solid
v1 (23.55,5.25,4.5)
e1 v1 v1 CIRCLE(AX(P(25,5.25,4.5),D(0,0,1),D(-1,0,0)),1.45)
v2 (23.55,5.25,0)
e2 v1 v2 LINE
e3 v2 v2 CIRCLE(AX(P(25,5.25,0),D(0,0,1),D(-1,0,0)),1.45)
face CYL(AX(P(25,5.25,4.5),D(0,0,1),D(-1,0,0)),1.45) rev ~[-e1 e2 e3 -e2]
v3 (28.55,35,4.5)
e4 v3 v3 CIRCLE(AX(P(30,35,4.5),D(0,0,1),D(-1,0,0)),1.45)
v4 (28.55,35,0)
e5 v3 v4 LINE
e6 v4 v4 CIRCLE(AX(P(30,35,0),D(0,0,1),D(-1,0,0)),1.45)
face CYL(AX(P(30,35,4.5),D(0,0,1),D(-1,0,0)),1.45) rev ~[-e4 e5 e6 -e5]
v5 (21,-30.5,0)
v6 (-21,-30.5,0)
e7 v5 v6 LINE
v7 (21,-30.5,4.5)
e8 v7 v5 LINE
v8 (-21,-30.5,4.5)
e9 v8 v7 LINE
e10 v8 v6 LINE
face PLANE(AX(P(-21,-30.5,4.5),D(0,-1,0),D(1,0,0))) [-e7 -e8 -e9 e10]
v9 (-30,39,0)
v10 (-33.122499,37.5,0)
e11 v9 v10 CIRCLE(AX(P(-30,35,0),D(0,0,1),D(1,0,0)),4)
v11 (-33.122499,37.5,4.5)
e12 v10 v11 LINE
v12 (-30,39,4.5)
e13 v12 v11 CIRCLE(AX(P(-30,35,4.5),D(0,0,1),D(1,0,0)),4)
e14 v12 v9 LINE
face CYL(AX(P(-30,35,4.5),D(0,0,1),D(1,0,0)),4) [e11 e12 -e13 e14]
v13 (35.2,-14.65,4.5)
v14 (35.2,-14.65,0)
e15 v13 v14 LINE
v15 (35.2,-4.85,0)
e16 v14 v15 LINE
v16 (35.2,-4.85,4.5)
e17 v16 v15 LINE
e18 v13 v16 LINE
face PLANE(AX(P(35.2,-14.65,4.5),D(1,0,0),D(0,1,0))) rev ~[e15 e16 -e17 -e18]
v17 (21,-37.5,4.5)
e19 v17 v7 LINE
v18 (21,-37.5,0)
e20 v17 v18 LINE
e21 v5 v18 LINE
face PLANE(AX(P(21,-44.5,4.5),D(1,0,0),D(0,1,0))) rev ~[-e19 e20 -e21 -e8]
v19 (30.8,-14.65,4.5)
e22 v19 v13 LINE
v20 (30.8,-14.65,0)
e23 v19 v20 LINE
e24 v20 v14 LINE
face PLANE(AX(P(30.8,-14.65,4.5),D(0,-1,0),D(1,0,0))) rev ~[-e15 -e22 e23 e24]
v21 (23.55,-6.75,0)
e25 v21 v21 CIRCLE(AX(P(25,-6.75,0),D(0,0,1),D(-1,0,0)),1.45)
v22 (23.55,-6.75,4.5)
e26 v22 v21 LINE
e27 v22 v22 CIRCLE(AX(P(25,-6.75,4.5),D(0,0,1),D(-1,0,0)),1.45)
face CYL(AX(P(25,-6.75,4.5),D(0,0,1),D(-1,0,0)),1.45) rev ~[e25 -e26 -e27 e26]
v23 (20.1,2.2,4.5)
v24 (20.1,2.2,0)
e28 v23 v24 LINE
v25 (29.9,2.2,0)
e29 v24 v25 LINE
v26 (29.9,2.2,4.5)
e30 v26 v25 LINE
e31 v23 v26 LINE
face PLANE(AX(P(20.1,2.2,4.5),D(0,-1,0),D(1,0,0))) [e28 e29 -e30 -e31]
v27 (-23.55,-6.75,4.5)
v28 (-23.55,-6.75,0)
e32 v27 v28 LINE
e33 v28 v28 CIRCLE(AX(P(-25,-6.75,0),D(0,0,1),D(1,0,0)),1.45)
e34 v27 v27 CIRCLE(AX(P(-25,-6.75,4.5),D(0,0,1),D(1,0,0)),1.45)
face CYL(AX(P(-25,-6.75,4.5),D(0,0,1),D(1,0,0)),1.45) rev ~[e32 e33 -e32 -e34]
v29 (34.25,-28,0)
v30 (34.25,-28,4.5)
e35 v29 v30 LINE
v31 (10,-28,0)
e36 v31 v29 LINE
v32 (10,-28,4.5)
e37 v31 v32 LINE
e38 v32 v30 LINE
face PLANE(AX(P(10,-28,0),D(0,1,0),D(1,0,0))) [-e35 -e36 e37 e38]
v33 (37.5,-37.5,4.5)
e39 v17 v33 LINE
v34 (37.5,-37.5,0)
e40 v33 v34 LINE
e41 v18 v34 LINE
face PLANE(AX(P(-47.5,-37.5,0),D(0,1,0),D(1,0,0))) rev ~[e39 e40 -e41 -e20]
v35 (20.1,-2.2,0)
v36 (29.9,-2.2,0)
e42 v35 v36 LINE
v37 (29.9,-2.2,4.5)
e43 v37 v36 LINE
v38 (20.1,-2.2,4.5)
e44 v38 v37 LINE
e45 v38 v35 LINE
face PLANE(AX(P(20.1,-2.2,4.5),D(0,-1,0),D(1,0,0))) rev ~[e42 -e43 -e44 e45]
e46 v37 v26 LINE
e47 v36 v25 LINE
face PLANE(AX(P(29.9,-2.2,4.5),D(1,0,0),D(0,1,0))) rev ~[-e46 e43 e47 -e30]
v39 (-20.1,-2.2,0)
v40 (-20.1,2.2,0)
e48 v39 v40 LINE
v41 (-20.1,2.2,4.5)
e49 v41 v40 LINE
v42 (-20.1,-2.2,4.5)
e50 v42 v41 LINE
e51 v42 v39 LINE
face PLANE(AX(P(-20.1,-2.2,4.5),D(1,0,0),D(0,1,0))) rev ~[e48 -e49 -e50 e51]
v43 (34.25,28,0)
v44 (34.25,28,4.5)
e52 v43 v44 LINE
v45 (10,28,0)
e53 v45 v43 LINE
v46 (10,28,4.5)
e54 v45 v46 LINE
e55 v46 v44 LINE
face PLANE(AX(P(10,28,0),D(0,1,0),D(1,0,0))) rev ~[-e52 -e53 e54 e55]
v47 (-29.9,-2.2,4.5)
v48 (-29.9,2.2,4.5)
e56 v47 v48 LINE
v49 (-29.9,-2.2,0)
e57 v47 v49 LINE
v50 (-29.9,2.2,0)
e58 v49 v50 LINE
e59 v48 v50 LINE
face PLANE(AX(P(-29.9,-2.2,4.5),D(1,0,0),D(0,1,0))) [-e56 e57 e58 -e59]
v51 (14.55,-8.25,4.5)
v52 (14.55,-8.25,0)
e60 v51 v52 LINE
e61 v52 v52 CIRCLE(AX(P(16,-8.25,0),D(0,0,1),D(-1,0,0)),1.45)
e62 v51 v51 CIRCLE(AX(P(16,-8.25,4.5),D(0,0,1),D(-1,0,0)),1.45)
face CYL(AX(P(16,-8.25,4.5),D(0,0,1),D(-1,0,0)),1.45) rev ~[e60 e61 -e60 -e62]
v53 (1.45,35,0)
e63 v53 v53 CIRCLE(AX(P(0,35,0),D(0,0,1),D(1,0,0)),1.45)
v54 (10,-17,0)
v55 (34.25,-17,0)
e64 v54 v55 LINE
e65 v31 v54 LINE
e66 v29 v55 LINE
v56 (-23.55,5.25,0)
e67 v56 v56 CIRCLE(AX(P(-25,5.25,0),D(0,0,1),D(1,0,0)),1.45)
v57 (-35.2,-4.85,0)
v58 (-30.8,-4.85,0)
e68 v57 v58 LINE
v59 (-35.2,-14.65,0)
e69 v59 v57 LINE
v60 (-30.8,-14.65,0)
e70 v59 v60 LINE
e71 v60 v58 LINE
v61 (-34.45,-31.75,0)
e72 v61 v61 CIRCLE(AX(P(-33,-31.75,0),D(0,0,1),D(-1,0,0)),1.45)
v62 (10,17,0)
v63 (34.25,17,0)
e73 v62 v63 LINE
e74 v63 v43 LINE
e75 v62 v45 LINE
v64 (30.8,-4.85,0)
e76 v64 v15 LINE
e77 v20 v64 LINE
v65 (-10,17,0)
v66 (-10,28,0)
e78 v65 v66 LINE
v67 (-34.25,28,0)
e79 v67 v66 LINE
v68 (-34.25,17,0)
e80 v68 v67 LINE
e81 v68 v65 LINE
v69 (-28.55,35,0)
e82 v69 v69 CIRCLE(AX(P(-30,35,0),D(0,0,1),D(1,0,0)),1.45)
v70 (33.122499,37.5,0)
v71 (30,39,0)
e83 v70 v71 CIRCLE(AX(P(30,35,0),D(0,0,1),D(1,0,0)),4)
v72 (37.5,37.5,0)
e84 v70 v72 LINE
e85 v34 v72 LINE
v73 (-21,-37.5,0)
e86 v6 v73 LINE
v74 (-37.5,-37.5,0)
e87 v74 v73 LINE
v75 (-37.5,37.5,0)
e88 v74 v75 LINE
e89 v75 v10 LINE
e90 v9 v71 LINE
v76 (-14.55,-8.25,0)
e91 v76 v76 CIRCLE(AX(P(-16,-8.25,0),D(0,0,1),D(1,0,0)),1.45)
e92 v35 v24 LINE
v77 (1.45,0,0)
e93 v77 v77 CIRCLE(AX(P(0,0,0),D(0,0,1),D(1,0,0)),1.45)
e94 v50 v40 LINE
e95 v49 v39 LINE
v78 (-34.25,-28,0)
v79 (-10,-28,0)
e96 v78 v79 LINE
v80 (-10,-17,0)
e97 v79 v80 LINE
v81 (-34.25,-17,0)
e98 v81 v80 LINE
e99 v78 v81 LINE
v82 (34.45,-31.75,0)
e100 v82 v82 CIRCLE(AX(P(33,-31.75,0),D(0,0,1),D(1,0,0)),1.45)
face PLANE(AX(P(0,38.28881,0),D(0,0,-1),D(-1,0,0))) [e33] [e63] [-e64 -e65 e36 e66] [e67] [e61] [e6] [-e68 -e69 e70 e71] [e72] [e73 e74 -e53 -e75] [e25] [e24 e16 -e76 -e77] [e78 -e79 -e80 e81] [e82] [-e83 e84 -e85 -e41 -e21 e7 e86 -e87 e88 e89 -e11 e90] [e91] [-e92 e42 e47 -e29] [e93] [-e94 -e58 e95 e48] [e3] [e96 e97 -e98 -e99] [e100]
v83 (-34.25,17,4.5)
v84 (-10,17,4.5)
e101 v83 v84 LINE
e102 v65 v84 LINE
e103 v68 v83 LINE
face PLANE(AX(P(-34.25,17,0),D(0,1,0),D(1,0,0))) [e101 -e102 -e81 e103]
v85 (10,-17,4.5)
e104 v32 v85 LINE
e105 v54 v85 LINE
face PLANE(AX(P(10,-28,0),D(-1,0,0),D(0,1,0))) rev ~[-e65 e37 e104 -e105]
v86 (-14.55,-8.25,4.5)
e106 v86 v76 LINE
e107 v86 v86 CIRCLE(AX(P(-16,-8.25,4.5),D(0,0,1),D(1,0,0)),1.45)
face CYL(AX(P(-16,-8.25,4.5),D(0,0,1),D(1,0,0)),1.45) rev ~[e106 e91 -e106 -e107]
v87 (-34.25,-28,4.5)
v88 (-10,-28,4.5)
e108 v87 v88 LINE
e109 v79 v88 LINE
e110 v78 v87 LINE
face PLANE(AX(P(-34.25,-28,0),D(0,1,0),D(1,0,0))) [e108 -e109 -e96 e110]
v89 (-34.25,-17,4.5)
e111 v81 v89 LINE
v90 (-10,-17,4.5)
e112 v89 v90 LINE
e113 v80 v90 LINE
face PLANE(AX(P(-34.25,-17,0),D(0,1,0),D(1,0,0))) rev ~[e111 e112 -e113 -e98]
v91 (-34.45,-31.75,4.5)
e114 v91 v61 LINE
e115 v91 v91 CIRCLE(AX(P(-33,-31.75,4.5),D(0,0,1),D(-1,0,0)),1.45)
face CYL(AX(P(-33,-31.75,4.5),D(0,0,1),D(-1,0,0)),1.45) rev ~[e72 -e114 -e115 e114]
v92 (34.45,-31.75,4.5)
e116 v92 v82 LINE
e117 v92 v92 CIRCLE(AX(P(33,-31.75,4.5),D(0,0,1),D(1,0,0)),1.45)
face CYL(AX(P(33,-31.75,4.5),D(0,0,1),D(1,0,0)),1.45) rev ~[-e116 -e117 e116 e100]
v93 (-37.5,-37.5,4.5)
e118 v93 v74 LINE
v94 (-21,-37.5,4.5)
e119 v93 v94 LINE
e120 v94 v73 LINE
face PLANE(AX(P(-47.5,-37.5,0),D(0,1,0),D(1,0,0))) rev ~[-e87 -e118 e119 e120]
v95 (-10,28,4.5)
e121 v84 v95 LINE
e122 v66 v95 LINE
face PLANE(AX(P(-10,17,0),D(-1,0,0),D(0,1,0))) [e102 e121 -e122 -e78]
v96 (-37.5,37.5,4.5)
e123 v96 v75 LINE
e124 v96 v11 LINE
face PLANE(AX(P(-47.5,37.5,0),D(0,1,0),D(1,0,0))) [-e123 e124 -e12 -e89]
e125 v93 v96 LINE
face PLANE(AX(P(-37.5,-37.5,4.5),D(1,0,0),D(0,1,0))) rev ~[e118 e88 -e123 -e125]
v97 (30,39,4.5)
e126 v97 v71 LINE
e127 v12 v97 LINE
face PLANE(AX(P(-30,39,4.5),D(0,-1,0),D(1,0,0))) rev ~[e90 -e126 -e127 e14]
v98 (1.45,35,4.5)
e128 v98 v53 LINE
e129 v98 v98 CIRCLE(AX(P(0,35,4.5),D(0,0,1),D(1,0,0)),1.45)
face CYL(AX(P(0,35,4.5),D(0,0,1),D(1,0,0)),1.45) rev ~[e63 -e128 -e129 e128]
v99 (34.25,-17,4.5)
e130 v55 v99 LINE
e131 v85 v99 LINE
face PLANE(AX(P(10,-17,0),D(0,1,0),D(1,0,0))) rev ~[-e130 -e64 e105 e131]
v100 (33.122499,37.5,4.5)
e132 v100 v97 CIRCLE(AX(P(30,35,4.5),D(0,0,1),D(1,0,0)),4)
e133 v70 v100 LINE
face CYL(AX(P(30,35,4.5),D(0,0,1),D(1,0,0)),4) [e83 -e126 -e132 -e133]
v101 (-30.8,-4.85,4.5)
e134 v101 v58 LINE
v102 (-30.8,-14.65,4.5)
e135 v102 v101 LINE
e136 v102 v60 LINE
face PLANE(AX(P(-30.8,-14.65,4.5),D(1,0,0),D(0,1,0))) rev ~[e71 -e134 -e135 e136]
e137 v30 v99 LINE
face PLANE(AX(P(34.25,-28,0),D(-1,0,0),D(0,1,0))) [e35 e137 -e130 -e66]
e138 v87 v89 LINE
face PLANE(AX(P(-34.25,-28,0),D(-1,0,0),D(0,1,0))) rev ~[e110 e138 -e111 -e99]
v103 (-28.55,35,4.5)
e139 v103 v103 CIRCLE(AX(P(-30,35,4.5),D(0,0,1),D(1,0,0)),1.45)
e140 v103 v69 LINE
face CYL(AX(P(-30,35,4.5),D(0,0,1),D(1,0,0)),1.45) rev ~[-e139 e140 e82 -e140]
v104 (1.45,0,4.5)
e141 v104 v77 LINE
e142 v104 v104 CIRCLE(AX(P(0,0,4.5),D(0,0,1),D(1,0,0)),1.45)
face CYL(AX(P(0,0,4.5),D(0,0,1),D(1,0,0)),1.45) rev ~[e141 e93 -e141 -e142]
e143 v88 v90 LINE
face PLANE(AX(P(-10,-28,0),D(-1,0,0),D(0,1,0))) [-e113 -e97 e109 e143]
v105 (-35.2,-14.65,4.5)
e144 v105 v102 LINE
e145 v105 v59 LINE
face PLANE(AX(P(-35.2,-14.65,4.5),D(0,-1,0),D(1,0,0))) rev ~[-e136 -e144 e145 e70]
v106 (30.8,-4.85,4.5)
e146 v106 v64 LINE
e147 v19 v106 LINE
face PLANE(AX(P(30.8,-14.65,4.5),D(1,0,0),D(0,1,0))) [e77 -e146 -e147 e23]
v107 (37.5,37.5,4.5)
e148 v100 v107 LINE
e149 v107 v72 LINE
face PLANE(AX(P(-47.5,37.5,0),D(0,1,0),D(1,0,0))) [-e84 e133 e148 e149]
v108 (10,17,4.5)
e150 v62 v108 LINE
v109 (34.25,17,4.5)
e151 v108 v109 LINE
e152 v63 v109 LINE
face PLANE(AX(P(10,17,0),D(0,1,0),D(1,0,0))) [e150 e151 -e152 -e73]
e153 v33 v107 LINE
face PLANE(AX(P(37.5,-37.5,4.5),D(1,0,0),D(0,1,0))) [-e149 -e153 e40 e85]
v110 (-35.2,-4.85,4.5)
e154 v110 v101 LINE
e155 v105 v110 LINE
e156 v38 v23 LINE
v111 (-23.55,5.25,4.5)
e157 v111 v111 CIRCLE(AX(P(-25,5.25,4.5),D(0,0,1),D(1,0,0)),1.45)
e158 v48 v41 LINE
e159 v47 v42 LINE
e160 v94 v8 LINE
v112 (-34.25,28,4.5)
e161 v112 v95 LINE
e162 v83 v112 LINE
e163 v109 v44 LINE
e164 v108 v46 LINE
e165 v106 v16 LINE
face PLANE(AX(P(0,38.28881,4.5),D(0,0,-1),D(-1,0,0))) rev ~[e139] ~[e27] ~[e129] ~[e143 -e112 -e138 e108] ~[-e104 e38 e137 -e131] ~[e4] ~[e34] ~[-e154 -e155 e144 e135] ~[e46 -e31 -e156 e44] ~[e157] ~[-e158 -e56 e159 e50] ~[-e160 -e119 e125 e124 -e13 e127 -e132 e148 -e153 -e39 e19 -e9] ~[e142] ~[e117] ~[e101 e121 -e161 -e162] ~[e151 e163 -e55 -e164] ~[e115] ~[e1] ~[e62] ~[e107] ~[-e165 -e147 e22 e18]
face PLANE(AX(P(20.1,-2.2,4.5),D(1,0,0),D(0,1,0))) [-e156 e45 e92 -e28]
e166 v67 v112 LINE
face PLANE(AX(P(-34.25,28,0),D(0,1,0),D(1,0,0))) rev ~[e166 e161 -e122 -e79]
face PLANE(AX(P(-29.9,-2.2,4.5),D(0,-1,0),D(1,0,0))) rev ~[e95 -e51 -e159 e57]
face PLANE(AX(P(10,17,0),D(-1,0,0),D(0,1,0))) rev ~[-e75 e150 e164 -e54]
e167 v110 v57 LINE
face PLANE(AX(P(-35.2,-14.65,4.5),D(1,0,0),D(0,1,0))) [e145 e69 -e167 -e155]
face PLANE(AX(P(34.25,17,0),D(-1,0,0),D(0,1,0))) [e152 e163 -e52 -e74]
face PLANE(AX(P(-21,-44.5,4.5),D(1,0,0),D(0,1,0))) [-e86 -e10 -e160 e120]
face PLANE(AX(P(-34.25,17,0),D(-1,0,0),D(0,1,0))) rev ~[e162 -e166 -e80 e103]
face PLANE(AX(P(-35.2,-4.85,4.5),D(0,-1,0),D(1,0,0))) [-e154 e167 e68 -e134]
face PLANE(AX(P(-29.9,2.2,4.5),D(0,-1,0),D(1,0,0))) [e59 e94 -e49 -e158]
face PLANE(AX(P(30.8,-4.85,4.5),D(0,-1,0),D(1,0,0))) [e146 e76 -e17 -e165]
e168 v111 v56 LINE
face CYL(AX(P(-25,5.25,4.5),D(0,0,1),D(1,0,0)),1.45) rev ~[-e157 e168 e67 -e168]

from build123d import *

# Parameters (mm, degrees)
SKETCH1_W            = 95
SKETCH1_H            = 75
SKETCH1_W_2          = 24.25
SKETCH1_H_2          = 11
BOSS_EXTRUDE1_DEPTH  = 4.5
SKETCH2_R            = 1.45
SCREWHOLES_DEPTH     = 61.685665523
SKETCH4_R            = 1.45
SKETCH4_W            = 9.8
SKETCH4_H            = 4.4
CUT_EXTRUDE3_DEPTH   = 61.685665523
SKETCH5_R            = 1.45
SKETCH5_W            = 4.4
SKETCH5_H            = 9.8
CUT_EXTRUDE4_DEPTH   = 61.685665523
SKETCH9_R            = 4
SKETCH9_R_2          = 1.45
BOSS_EXTRUDE3_DEPTH  = 4.5
SKETCH10_W           = 10
SKETCH10_H           = 75
CUT_EXTRUDE5_DEPTH   = 62.623859016
BOSS_EXTRUDE4_DEPTH  = 4.5
SKETCH12_R           = 1.45
FANBRACESCREWS_DEPTH = 55.290883213
SKETCH13_W           = 42
SKETCH13_H           = 14
CUT_EXTRUDE7_DEPTH   = 55.290883213
SKETCH15_R           = 1.45
BELTCLIPSCREWS_DEPTH = 55.290883213


with BuildPart() as part:
    # Sketch1 → Boss-Extrude1 (new body)
    with BuildSketch(Plane.XY):
        Rectangle(SKETCH1_W, SKETCH1_H)
        with Locations((-22.125, 22.5)):
            Rectangle(SKETCH1_W_2, SKETCH1_H_2, mode=Mode.SUBTRACT)
        with Locations((22.125, 22.5)):
            Rectangle(SKETCH1_W_2, SKETCH1_H_2, mode=Mode.SUBTRACT)
        with Locations((22.125, -22.5)):
            Rectangle(SKETCH1_W_2, SKETCH1_H_2, mode=Mode.SUBTRACT)
        with Locations((-22.125, -22.5)):
            Rectangle(SKETCH1_W_2, SKETCH1_H_2, mode=Mode.SUBTRACT)
    extrude(amount=BOSS_EXTRUDE1_DEPTH)

    # Sketch2 → screwHoles (cut, through all)
    with BuildSketch(Plane.XY.offset(4.5)):
        with Locations((-30, 35)):
            Circle(SKETCH2_R)
        with Locations(Location((30, 35, 0), (0, 0, 180))):
            Circle(SKETCH2_R)
        with Locations((40, 0)):
            Circle(SKETCH2_R)
        with Locations(Location((-40, 0, 0), (0, 0, 180))):
            Circle(SKETCH2_R)
        with Locations((0, 35)):
            Circle(SKETCH2_R)
    extrude(amount=-SCREWHOLES_DEPTH, mode=Mode.SUBTRACT)

    # Sketch4 → Cut-Extrude3 (cut, through all)
    with BuildSketch(Plane.XY.offset(4.5)):
        Circle(SKETCH4_R)
        with Locations((-25, 0)):
            Rectangle(SKETCH4_W, SKETCH4_H)
        with Locations((25, 0)):
            Rectangle(SKETCH4_W, SKETCH4_H)
    extrude(amount=-CUT_EXTRUDE3_DEPTH, mode=Mode.SUBTRACT)

    # Sketch5 → Cut-Extrude4 (cut, through all)
    with BuildSketch(Plane.XY.offset(4.5)):
        with Locations((33, -31.75)):
            Circle(SKETCH5_R)
        with Locations(Location((-33, -31.75, 0), (0, 0, 180))):
            Circle(SKETCH5_R)
        with Locations((33, -9.75)):
            Rectangle(SKETCH5_W, SKETCH5_H)
        with Locations((-33, -9.75)):
            Rectangle(SKETCH5_W, SKETCH5_H)
    extrude(amount=-CUT_EXTRUDE4_DEPTH, mode=Mode.SUBTRACT)

    # Sketch9 → Boss-Extrude3 (add, through all)
    # profile 1 of 2: a face of its own
    with BuildSketch(Plane.XY.offset(4.5)):
        with Locations((-30, 35)):
            Circle(SKETCH9_R)
        with Locations((-30, 35)):
            Circle(SKETCH9_R_2, mode=Mode.SUBTRACT)
    # profile 2 of 2: a face of its own
    with BuildSketch(Plane.XY.offset(4.5)):
        with Locations((30, 35)):
            Circle(SKETCH9_R)
        with Locations(Location((30, 35, 0), (0, 0, 180))):
            Circle(SKETCH9_R_2, mode=Mode.SUBTRACT)
    extrude(amount=-BOSS_EXTRUDE3_DEPTH)

    # Sketch10 → Cut-Extrude5 (cut, through all)
    with BuildSketch(Plane.XY.offset(4.5)):
        with Locations((-42.5, 0)):
            Rectangle(SKETCH10_W, SKETCH10_H)
        with Locations((42.5, 0)):
            Rectangle(SKETCH10_W, SKETCH10_H)
    extrude(amount=-CUT_EXTRUDE5_DEPTH, mode=Mode.SUBTRACT)

    # Sketch11 → Boss-Extrude4 (add, through all)
    with BuildSketch(Plane.XY.offset(4.5)):
        Polygon((-30, 39), (30, 39), (26.877501001, 37.5), (-26.877501001, 37.5), align=None)
    extrude(amount=-BOSS_EXTRUDE4_DEPTH)

    # Sketch12 → FanBraceScrews (cut, through all)
    with BuildSketch(Plane.XY.offset(4.5)):
        with Locations((-16, -8.25)):
            Circle(SKETCH12_R)
        with Locations(Location((16, -8.25, 0), (0, 0, 180))):
            Circle(SKETCH12_R)
    extrude(amount=-FANBRACESCREWS_DEPTH, mode=Mode.SUBTRACT)

    # Sketch13 → Cut-Extrude7 (cut, through all)
    with BuildSketch(Plane.XY.offset(4.5)):
        with Locations((0, -37.5)):
            Rectangle(SKETCH13_W, SKETCH13_H)
    extrude(amount=-CUT_EXTRUDE7_DEPTH, mode=Mode.SUBTRACT)

    # Sketch15 → BeltClipScrews (cut, through all)
    with BuildSketch(Plane.XY.offset(4.5)):
        with Locations((-25, 5.25)):
            Circle(SKETCH15_R)
        with Locations((-25, -6.75)):
            Circle(SKETCH15_R)
        with Locations(Location((25, -6.75, 0), (0, 0, 180))):
            Circle(SKETCH15_R)
        with Locations(Location((25, 5.25, 0), (0, 0, 180))):
            Circle(SKETCH15_R)
    extrude(amount=-BELTCLIPSCREWS_DEPTH, mode=Mode.SUBTRACT)


solid = part.part
